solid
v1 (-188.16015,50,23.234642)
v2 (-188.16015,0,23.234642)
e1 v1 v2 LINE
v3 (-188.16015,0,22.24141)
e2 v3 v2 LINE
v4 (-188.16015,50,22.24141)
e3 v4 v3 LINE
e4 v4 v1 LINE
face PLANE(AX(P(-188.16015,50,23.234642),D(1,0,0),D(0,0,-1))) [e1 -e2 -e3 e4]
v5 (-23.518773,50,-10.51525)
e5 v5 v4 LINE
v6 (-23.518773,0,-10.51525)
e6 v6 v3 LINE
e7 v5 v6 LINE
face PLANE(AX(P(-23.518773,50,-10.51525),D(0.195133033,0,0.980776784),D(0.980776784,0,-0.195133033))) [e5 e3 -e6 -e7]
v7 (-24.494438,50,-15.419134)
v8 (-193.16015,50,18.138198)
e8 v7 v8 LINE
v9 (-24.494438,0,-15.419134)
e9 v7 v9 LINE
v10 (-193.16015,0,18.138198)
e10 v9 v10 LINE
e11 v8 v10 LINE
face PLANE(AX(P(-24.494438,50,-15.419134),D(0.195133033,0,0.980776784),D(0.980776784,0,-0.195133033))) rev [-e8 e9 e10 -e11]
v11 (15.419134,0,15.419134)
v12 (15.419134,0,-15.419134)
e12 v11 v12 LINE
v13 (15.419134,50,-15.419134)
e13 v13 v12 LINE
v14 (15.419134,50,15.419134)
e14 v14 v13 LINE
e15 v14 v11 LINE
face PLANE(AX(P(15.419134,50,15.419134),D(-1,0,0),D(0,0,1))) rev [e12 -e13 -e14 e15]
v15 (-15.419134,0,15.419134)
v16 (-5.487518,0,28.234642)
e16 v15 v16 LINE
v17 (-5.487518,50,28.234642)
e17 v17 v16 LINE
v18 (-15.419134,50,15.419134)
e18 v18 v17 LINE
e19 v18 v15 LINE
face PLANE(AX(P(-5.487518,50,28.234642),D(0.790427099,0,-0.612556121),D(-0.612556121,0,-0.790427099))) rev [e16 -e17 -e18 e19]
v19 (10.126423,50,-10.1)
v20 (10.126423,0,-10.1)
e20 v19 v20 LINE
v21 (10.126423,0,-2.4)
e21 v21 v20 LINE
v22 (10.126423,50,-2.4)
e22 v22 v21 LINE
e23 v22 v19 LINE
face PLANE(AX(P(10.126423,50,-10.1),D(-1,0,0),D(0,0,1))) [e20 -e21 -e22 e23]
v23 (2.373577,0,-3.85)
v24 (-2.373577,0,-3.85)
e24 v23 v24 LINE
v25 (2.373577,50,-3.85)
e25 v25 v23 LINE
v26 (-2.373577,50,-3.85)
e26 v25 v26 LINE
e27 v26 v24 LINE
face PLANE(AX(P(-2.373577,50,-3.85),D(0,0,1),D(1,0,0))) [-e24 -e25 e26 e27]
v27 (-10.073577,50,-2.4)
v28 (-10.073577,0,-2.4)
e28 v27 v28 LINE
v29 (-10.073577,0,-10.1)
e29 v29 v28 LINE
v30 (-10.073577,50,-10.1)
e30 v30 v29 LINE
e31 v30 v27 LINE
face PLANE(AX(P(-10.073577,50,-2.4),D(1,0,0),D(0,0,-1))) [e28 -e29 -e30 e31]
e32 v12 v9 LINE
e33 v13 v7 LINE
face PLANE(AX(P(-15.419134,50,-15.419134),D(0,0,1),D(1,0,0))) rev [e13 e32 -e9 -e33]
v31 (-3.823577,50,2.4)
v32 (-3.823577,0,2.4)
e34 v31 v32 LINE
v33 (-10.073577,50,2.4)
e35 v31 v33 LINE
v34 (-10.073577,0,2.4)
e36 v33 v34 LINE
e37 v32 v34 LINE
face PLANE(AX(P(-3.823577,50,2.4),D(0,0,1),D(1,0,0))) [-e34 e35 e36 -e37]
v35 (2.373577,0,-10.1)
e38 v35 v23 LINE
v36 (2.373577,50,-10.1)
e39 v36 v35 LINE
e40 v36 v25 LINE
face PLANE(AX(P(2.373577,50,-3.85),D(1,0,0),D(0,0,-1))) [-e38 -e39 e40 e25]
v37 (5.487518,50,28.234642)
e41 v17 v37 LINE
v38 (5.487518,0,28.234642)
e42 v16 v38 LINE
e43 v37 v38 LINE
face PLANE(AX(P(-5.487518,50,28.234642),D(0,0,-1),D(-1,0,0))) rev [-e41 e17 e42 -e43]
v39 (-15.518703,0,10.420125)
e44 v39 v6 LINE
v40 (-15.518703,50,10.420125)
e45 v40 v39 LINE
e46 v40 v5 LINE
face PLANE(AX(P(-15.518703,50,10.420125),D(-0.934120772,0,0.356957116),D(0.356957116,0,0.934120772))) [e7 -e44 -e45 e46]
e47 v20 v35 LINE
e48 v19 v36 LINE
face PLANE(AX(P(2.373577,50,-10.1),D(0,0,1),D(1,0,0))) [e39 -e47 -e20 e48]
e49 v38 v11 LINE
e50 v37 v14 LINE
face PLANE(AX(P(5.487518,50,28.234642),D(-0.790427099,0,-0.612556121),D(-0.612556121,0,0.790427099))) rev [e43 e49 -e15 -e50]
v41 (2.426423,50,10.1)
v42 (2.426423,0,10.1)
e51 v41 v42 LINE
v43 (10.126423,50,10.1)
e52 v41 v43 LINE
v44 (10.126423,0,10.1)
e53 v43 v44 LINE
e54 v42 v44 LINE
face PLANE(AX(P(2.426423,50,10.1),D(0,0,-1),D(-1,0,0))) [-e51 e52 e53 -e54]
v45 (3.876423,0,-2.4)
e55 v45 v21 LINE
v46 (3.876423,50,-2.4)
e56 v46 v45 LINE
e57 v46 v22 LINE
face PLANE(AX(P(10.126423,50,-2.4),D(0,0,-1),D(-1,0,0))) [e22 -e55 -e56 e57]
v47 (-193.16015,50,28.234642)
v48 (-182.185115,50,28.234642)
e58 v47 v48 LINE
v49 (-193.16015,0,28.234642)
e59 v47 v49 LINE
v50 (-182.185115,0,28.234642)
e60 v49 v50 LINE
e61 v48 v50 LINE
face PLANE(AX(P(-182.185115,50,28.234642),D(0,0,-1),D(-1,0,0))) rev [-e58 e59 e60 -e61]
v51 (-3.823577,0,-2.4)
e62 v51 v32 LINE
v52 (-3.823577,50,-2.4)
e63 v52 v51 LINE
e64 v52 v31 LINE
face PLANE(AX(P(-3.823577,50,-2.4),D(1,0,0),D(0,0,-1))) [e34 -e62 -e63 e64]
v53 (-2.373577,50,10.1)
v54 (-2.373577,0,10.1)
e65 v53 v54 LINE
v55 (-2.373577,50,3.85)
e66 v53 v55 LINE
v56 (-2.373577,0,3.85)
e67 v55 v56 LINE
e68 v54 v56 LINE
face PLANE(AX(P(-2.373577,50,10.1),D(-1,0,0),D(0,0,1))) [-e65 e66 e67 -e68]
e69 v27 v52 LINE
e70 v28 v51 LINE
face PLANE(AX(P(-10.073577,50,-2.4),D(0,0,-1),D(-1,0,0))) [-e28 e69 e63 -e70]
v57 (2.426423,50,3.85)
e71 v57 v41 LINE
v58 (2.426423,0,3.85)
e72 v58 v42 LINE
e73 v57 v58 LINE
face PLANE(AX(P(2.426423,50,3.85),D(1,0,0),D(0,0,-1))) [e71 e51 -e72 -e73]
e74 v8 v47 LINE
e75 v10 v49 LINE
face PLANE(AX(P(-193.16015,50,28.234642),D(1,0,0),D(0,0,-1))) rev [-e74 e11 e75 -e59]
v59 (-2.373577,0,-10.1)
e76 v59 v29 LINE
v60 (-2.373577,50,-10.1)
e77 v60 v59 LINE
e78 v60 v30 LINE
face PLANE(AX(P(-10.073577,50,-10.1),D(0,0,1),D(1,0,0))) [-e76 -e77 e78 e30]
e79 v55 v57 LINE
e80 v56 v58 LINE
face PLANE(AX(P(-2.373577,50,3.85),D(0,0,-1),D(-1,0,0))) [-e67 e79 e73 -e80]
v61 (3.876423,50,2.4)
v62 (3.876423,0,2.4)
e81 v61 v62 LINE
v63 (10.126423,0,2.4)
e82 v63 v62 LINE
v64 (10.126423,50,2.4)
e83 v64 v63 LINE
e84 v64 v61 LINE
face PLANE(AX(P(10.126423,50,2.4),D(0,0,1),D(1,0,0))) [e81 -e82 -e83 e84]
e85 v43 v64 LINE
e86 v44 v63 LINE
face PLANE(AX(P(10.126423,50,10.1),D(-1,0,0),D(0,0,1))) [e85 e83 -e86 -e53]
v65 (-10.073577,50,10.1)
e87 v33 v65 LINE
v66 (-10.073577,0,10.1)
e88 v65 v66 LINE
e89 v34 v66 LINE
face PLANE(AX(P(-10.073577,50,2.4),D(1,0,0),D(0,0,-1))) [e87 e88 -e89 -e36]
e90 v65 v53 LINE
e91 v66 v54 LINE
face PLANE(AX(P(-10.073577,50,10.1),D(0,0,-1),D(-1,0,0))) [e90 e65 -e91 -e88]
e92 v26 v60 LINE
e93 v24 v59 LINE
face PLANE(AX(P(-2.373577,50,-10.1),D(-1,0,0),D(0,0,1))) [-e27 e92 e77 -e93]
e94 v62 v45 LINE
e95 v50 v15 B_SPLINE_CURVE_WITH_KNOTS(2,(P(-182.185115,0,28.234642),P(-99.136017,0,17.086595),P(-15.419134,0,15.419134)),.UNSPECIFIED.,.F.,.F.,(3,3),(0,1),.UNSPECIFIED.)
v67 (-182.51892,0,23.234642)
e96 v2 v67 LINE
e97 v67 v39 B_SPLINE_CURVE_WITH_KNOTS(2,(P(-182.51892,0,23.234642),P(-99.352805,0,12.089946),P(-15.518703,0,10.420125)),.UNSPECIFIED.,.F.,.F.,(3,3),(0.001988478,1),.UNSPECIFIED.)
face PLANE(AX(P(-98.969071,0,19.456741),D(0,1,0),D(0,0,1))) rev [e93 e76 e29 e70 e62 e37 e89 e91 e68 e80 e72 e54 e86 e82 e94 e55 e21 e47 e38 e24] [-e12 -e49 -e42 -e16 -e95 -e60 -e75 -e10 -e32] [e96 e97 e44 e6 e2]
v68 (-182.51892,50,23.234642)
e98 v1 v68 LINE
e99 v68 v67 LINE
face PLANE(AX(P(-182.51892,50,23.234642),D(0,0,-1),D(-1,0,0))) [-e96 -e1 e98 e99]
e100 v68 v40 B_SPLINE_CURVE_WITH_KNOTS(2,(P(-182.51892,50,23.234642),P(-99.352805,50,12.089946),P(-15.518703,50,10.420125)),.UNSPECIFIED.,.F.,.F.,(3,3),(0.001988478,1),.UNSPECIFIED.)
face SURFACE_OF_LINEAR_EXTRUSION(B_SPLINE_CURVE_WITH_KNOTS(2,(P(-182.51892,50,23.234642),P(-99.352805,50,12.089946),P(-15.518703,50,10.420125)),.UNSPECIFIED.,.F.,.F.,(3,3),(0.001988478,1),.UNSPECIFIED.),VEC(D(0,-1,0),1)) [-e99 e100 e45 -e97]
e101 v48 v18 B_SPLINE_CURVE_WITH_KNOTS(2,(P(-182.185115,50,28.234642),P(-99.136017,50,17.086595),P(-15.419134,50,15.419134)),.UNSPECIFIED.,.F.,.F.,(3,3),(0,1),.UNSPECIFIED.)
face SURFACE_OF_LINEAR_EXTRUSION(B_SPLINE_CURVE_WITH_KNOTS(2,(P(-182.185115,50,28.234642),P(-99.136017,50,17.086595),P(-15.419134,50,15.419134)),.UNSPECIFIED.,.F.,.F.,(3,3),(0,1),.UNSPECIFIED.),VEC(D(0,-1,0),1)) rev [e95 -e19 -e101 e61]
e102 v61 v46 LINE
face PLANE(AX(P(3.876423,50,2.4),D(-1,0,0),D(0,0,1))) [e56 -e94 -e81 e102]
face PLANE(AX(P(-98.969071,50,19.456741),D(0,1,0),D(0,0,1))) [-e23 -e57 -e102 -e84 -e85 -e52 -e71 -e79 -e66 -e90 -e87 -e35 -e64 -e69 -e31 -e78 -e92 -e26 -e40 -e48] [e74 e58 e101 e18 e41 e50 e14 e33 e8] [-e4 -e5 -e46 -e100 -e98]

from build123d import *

# Parameters (mm, degrees)
BOSS_EXTRU_1_DEPTH = 50


with BuildPart() as part:
    # Esquisse1 → Boss.-Extru.1 (new body)
    with BuildSketch(Plane(origin=(0, 0, 0), x_dir=(1, 0, 0), z_dir=(0, 1, 0))):
        with BuildLine():
            Line((15.419133563, -15.419133563), (15.419133563, 15.419133563))
            Line((15.419133563, 15.419133563), (-15.419133563, 15.419133563))
            Line((-15.419133563, 15.419133563), (-24.494437672, 15.419133563))
            Line((-24.494437672, 15.419133563), (-193.160150167, -18.138198396))
            Line((-193.160150167, -18.138198396), (-193.160150167, -28.234642357))
            Line((-193.160150167, -28.234642357), (-182.185114876, -28.234642357))
            add(Edge.make_bspline(
                [(-182.185114876, -28.234642357), (-99.136016822, -17.08659502), (-15.419133563, -15.419133563)],
                knots=[0, 0, 0, 1, 1, 1], degree=2))
            Line((-15.419133563, -15.419133563), (-5.487517645, -28.234642357))
            Line((-5.487517645, -28.234642357), (5.487517645, -28.234642357))
            Line((5.487517645, -28.234642357), (15.419133563, -15.419133563))
        make_face()
        Polygon((-10.073577327, 10.1), (-2.373577327, 10.1), (-2.373577327, 3.85), (2.373577327, 3.85), (2.373577327, 10.1), (10.126422673, 10.1), (10.126422673, 2.4), (3.876422673, 2.4), (3.876422673, -2.4), (10.126422673, -2.4), (10.126422673, -10.1), (2.426422673, -10.1), (2.426422673, -3.85), (-2.373577327, -3.85), (-2.373577327, -10.1), (-10.073577327, -10.1), (-10.073577327, -2.4), (-3.823577327, -2.4), (-3.823577327, 2.4), (-10.073577327, 2.4), align=None, mode=Mode.SUBTRACT)
        with BuildLine():
            Line((-23.518772506, 10.515249645), (-188.160150167, -22.241410157))
            Line((-188.160150167, -22.241410157), (-188.160150167, -23.234642357))
            Line((-188.160150167, -23.234642357), (-182.518919813, -23.234642357))
            add(Edge.make_bspline(
                [(-182.518919813, -23.234642357), (-99.352804626, -12.089945504), (-15.518703132, -10.420125071)],
                knots=[0.001988478, 0.001988478, 0.001988478, 1, 1, 1], degree=2))
            Line((-15.518703132, -10.420125071), (-23.518772506, 10.515249645))
        make_face(mode=Mode.SUBTRACT)
    extrude(amount=BOSS_EXTRU_1_DEPTH)


solid = part.part
